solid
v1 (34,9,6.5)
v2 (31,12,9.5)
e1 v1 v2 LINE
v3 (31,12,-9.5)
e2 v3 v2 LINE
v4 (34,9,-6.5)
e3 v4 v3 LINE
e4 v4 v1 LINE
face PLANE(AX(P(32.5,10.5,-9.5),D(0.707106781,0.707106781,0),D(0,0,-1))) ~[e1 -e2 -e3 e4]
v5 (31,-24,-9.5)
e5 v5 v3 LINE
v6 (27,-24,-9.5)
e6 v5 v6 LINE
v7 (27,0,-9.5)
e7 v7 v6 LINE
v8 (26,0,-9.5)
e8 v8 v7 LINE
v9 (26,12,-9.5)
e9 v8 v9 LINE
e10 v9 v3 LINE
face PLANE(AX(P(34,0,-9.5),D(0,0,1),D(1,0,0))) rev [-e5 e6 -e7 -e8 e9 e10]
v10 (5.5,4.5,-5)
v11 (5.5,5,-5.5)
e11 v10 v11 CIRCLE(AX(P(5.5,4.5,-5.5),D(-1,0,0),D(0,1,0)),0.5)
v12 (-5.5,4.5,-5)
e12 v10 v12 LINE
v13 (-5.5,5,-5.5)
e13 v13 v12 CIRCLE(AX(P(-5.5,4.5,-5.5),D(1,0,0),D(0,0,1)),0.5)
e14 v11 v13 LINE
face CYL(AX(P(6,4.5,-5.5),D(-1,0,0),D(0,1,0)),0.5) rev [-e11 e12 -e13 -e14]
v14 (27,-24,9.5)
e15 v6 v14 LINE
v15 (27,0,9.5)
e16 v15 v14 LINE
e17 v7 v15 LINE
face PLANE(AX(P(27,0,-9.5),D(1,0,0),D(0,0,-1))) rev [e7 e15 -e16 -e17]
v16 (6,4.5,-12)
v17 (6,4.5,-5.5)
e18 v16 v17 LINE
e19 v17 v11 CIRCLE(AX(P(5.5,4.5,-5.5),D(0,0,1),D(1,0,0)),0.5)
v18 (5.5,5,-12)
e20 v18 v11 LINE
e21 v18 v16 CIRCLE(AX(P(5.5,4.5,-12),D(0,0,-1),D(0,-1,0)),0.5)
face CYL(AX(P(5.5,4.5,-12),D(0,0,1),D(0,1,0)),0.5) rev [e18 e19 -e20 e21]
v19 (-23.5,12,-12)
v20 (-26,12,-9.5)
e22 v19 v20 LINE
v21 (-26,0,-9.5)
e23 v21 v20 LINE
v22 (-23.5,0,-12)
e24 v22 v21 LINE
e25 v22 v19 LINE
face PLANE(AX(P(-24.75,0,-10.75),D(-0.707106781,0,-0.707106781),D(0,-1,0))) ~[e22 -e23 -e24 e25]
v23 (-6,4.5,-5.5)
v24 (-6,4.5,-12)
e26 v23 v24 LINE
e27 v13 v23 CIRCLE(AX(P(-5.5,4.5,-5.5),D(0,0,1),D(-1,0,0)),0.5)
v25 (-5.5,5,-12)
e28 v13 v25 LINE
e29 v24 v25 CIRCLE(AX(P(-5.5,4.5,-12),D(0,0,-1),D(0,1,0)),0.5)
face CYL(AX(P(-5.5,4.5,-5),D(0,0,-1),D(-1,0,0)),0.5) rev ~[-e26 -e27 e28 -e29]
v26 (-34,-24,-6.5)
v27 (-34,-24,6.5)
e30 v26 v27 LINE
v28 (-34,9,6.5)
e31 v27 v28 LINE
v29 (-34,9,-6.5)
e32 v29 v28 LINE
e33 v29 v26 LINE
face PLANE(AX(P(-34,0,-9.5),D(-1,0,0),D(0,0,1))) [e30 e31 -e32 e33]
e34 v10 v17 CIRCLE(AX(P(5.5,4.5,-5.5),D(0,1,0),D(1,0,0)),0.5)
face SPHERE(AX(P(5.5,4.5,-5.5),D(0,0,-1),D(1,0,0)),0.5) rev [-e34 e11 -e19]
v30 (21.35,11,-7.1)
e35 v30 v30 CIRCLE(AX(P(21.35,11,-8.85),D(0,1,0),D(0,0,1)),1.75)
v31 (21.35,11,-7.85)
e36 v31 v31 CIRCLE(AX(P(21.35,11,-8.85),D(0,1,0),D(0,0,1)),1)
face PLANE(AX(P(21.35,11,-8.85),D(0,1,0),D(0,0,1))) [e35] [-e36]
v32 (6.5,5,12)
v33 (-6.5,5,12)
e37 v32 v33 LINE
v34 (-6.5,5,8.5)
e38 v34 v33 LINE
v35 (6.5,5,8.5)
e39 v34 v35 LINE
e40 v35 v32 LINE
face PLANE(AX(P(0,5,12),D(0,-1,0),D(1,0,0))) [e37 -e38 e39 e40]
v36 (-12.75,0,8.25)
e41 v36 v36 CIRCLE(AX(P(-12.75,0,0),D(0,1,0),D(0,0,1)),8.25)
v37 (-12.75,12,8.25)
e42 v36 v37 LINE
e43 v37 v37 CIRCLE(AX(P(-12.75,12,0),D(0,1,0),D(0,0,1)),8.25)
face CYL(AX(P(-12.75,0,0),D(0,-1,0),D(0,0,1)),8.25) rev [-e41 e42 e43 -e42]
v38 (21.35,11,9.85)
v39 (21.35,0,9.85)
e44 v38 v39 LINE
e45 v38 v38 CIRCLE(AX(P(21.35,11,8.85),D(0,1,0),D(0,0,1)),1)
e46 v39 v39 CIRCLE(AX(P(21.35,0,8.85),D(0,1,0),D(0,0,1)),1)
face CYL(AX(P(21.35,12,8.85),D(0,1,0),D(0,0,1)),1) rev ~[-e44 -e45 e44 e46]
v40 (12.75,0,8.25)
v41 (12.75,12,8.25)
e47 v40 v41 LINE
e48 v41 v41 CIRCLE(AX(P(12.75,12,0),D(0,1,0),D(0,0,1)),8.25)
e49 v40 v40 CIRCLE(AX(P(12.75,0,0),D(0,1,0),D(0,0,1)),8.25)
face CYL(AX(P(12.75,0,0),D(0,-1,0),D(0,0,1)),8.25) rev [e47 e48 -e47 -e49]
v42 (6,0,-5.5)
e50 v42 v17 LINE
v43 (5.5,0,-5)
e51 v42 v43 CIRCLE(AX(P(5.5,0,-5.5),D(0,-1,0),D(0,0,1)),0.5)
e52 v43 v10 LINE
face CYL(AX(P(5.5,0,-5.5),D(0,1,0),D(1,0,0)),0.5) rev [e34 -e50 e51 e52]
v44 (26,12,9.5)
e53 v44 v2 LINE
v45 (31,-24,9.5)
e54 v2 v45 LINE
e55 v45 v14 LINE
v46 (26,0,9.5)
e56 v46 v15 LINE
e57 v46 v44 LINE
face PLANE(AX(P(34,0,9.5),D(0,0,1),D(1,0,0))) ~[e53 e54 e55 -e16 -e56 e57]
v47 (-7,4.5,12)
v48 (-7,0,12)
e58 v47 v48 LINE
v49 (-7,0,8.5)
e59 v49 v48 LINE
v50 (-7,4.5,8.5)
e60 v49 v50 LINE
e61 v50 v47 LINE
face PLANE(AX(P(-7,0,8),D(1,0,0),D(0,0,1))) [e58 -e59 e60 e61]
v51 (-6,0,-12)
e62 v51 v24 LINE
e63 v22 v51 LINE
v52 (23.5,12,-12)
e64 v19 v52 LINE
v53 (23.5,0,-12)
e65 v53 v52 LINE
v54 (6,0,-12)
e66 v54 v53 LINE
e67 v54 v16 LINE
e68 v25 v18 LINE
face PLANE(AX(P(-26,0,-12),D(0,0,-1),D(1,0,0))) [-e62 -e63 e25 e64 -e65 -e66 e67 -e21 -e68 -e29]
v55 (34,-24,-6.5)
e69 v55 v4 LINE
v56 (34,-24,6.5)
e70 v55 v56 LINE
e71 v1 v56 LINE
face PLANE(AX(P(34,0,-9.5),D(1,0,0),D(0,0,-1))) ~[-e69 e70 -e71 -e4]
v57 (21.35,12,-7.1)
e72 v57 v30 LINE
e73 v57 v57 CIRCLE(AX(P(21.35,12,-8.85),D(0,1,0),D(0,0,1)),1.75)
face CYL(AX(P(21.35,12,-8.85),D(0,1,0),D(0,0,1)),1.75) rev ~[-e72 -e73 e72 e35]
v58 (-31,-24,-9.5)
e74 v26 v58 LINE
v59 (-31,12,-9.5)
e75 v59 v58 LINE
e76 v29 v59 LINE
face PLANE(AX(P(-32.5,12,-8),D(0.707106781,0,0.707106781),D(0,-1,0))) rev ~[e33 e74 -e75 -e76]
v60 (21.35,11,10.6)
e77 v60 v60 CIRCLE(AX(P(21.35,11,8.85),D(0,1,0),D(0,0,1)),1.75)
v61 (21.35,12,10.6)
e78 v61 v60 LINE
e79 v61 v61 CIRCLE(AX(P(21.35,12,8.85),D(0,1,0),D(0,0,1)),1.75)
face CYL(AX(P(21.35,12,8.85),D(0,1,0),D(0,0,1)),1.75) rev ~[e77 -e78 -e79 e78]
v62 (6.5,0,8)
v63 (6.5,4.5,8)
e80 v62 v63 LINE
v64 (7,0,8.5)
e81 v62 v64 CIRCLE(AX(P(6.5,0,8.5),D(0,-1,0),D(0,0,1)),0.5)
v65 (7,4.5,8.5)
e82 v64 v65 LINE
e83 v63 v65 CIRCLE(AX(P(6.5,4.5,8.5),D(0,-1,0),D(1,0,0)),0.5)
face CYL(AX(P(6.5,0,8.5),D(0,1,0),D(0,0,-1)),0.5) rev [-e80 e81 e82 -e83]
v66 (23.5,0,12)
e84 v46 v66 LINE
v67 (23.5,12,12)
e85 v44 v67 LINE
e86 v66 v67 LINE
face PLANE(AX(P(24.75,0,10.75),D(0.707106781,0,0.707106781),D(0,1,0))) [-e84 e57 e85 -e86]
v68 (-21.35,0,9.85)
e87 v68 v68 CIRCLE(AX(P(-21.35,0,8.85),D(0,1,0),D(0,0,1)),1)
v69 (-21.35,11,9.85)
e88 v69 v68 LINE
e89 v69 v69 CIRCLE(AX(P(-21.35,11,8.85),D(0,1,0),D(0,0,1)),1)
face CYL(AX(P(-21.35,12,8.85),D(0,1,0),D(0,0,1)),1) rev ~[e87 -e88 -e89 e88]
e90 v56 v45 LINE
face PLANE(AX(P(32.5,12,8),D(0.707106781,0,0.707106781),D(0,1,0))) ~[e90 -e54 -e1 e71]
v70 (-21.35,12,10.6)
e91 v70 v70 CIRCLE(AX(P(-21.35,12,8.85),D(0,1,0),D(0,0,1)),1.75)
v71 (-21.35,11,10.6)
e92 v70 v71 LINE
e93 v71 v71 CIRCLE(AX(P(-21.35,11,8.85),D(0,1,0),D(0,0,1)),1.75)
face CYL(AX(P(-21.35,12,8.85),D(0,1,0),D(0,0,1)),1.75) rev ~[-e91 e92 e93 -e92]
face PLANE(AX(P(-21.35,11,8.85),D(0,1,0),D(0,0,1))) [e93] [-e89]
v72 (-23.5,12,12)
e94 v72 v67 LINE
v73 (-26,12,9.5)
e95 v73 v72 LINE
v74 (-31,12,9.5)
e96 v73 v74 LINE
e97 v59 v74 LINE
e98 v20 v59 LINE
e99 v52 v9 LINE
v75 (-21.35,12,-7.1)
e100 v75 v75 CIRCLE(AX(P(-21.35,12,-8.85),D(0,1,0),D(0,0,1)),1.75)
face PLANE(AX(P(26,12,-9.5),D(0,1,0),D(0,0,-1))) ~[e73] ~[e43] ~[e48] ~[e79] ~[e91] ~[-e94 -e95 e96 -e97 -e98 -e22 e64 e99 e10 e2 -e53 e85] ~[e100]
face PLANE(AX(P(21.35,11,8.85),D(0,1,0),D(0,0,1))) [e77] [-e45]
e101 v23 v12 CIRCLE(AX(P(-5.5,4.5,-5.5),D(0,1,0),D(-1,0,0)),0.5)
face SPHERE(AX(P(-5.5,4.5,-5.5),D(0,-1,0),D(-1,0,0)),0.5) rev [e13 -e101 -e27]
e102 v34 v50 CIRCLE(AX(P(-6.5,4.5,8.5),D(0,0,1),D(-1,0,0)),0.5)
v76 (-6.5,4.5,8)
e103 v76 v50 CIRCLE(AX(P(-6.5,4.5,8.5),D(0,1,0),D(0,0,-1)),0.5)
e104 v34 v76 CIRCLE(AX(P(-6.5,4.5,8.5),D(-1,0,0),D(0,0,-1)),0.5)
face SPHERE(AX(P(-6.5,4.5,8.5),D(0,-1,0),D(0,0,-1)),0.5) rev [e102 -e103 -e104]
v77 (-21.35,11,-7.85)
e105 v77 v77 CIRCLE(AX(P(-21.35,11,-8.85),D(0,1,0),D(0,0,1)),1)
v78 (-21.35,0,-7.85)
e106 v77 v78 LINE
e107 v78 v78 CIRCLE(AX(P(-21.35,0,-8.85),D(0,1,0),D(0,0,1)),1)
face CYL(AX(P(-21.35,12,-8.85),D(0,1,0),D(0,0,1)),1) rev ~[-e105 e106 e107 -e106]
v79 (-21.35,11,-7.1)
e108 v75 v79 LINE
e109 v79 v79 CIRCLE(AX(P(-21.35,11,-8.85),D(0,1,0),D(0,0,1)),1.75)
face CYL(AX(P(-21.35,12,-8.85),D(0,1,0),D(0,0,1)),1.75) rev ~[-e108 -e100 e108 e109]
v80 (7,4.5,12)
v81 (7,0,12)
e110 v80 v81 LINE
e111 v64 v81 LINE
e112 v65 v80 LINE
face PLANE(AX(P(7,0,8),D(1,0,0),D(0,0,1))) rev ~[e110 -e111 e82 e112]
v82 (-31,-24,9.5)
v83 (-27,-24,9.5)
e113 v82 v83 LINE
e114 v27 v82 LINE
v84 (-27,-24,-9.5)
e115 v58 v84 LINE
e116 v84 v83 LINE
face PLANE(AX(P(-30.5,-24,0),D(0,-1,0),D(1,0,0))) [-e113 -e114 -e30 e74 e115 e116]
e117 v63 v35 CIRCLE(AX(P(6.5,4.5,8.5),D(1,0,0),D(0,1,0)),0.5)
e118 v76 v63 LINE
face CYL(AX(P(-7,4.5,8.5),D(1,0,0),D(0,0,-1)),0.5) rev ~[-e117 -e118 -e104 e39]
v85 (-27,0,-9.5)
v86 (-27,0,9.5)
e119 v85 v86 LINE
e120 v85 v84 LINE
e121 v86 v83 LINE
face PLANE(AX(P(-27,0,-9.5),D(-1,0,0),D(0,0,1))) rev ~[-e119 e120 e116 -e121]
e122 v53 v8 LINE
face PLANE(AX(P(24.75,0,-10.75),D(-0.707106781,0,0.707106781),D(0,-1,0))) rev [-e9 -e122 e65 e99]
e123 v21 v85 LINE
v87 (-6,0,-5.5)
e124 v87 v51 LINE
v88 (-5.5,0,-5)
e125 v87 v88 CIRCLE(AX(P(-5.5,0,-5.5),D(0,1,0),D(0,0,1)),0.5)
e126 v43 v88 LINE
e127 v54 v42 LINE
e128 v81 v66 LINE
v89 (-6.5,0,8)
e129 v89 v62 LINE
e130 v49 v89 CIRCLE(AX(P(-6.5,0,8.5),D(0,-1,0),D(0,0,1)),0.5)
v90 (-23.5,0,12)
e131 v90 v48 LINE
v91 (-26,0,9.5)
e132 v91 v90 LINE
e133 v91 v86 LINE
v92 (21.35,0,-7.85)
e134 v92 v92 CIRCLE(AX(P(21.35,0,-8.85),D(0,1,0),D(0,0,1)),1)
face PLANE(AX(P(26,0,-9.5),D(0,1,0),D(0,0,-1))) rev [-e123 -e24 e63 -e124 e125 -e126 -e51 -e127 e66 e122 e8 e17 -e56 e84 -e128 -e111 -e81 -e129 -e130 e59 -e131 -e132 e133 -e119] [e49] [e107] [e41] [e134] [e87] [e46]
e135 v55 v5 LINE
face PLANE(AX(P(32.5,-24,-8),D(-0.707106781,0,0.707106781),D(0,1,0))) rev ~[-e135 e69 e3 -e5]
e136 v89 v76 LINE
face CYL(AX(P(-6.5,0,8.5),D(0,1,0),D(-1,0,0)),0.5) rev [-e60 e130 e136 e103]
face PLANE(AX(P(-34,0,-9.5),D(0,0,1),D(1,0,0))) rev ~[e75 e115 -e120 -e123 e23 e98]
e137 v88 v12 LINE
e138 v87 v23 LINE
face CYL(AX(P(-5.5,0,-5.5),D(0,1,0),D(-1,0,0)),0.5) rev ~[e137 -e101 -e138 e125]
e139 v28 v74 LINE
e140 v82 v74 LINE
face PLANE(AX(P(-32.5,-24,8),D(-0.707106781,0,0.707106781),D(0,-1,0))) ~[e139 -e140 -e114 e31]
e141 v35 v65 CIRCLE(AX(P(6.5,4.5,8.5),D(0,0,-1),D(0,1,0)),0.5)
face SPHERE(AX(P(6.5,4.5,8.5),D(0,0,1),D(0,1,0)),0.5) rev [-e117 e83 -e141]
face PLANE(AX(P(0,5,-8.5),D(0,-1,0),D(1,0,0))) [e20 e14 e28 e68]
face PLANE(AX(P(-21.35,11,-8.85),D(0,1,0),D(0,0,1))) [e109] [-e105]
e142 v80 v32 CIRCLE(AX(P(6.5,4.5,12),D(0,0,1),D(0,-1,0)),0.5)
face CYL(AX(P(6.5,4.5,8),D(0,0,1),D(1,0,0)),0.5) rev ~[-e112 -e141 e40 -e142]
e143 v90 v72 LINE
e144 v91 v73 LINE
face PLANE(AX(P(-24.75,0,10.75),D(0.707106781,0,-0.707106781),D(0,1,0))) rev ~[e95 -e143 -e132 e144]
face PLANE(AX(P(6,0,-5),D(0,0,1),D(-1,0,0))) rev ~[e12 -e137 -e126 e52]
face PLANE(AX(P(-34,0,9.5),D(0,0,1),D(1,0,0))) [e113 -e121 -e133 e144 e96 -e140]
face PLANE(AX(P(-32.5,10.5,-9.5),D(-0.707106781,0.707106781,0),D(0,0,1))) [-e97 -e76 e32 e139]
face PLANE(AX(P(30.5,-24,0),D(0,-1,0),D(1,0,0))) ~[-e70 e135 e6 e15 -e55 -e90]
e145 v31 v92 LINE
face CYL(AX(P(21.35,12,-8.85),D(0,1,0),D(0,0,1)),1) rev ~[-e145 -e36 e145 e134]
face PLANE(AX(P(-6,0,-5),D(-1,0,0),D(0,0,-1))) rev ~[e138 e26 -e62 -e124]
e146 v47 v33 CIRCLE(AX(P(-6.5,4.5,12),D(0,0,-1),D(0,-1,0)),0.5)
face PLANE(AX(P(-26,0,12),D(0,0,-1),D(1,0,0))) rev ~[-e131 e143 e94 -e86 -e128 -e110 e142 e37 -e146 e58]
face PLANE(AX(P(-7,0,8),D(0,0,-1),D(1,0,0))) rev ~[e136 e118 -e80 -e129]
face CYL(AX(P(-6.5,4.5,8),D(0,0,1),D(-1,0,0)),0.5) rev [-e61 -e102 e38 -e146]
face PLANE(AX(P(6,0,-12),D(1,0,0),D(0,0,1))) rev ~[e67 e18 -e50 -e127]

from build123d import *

# Parameters (mm, degrees)
SKETCH1_W                = 52
SKETCH1_H                = 24
SKETCH1_R                = 8.25
BOSS_EXTRUDE1_DEPTH      = 12
SKETCH2_R                = 1
CUT_EXTRUDE1_DEPTH       = 32.048349393
SKETCH3_R                = 1.75
CUT_EXTRUDE2_DEPTH       = 1
CUT_EXTRUDE3_DEPTH       = 5
FILLET3_R                = 0.5
CHAMFER1_SIZE            = 2.5
SKETCH5_W                = 19
SKETCH5_H                = 12
BOSS_EXTRUDE2_DEPTH      = 8
SKETCH6_W                = 7
SKETCH6_H                = 19
BOSS_EXTRUDE3_DEPTH      = 24
CHAMFER2_SIZE            = 3
CHAMFER2_OF_MIRROR1_SIZE = 3
SKETCH7_W                = 14
SKETCH7_H                = 8
CUT_EXTRUDE4_DEPTH       = 5
FILLET4_R                = 0.5


with BuildPart() as part:
    # Sketch1 → Boss-Extrude1 (new body)
    with BuildSketch(Plane(origin=(0, 0, 0), x_dir=(1, 0, 0), z_dir=(0, 1, 0))):
        Rectangle(SKETCH1_W, SKETCH1_H)
        with Locations(Location((12.75, 0, 0), (0, 0, 270))):
            Circle(SKETCH1_R, mode=Mode.SUBTRACT)
        with Locations(Location((-12.75, 0, 0), (0, 0, 270))):
            Circle(SKETCH1_R, mode=Mode.SUBTRACT)
    extrude(amount=BOSS_EXTRUDE1_DEPTH)

    # Sketch2 → Cut-Extrude1 (cut, through all)
    with BuildSketch(Plane(origin=(0, 12, 0), x_dir=(1, 0, 0), z_dir=(0, 1, 0))):
        with Locations(Location((-21.35, 8.85, 0), (0, 0, 270))):
            Circle(SKETCH2_R)
        with Locations(Location((21.35, 8.85, 0), (0, 0, 270))):
            Circle(SKETCH2_R)
        with Locations(Location((21.35, -8.85, 0), (0, 0, 270))):
            Circle(SKETCH2_R)
        with Locations(Location((-21.35, -8.85, 0), (0, 0, 270))):
            Circle(SKETCH2_R)
    extrude(amount=-CUT_EXTRUDE1_DEPTH, mode=Mode.SUBTRACT)

    # Sketch3 → Cut-Extrude2 (cut)
    with BuildSketch(Plane(origin=(0, 12, 0), x_dir=(1, 0, 0), z_dir=(0, 1, 0))):
        with Locations(Location((-21.35, 8.85, 0), (0, 0, 270))):
            Circle(SKETCH3_R)
        with Locations(Location((21.35, 8.85, 0), (0, 0, 270))):
            Circle(SKETCH3_R)
        with Locations(Location((21.35, -8.85, 0), (0, 0, 270))):
            Circle(SKETCH3_R)
        with Locations(Location((-21.35, -8.85, 0), (0, 0, 270))):
            Circle(SKETCH3_R)
    extrude(amount=-CUT_EXTRUDE2_DEPTH, mode=Mode.SUBTRACT)

    # Sketch4 → Cut-Extrude3 (cut)
    with BuildSketch(Plane.XZ):
        Polygon((-6, -5), (-6, -12), (6, -12), (6, -5), (0, -5), align=None)
    extrude(amount=-CUT_EXTRUDE3_DEPTH, mode=Mode.SUBTRACT)

    # Fillet3
    fillet3_edges = [part.edges().sort_by_distance(p)[0] for p in [
        (-6, 2.5, -5),
        (6, 5, -8.5),
        (6, 2.5, -5),
        (-6, 5, -8.5),
        (0, 5, -5),
    ]]
    fillet(fillet3_edges, radius=FILLET3_R)

    # Chamfer1
    chamfer1_edges = [part.edges().sort_by_distance(p)[0] for p in [
        (26, 6, 12),
        (-26, 6, 12),
        (-26, 6, -12),
        (26, 6, -12),
    ]]
    chamfer(chamfer1_edges, length=CHAMFER1_SIZE)

    # Sketch5 → Boss-Extrude2 (add)
    with BuildSketch(Plane.ZY.offset(26)):
        with Locations((0, 6)):
            Rectangle(SKETCH5_W, SKETCH5_H)
    boss_extrude2 = extrude(amount=BOSS_EXTRUDE2_DEPTH)

    # Sketch6 → Boss-Extrude3 (add)
    with BuildSketch(Plane.XZ):
        with Locations((-30.5, 0)):
            Rectangle(SKETCH6_W, SKETCH6_H)
    boss_extrude3 = extrude(amount=BOSS_EXTRUDE3_DEPTH)

    # Chamfer2
    chamfer2_edges = [part.edges().sort_by_distance(p)[0] for p in [
        (-34, -6, 9.5),
        (-34, 12, 0),
        (-34, -6, -9.5),
    ]]
    chamfer(chamfer2_edges, length=CHAMFER2_SIZE)

    # Mirror1: Boss-Extrude2, Boss-Extrude3 across plane
    add(boss_extrude2.mirror(Plane(origin=(0, 0, 0), x_dir=(0, 0, 1), z_dir=(1, 0, 0))))
    add(boss_extrude3.mirror(Plane(origin=(0, 0, 0), x_dir=(0, 0, 1), z_dir=(1, 0, 0))))

    # Chamfer2 of Mirror1
    chamfer2_of_mirror1_edges = [part.edges().sort_by_distance(p)[0] for p in [
        (34, -6, 9.5),
        (34, 12, 0),
        (34, -6, -9.5),
    ]]
    chamfer(chamfer2_of_mirror1_edges, length=CHAMFER2_OF_MIRROR1_SIZE)

    # Sketch7 → Cut-Extrude4 (cut)
    with BuildSketch(Plane.XZ):
        with Locations((0, 12)):
            Rectangle(SKETCH7_W, SKETCH7_H)
    extrude(amount=-CUT_EXTRUDE4_DEPTH, mode=Mode.SUBTRACT)

    # Fillet4
    fillet4_edges = [part.edges().sort_by_distance(p)[0] for p in [
        (-7, 2.5, 8),
        (7, 5, 10),
        (0, 5, 8),
        (-7, 5, 10),
        (7, 2.5, 8),
    ]]
    fillet(fillet4_edges, radius=FILLET4_R)


solid = part.part
